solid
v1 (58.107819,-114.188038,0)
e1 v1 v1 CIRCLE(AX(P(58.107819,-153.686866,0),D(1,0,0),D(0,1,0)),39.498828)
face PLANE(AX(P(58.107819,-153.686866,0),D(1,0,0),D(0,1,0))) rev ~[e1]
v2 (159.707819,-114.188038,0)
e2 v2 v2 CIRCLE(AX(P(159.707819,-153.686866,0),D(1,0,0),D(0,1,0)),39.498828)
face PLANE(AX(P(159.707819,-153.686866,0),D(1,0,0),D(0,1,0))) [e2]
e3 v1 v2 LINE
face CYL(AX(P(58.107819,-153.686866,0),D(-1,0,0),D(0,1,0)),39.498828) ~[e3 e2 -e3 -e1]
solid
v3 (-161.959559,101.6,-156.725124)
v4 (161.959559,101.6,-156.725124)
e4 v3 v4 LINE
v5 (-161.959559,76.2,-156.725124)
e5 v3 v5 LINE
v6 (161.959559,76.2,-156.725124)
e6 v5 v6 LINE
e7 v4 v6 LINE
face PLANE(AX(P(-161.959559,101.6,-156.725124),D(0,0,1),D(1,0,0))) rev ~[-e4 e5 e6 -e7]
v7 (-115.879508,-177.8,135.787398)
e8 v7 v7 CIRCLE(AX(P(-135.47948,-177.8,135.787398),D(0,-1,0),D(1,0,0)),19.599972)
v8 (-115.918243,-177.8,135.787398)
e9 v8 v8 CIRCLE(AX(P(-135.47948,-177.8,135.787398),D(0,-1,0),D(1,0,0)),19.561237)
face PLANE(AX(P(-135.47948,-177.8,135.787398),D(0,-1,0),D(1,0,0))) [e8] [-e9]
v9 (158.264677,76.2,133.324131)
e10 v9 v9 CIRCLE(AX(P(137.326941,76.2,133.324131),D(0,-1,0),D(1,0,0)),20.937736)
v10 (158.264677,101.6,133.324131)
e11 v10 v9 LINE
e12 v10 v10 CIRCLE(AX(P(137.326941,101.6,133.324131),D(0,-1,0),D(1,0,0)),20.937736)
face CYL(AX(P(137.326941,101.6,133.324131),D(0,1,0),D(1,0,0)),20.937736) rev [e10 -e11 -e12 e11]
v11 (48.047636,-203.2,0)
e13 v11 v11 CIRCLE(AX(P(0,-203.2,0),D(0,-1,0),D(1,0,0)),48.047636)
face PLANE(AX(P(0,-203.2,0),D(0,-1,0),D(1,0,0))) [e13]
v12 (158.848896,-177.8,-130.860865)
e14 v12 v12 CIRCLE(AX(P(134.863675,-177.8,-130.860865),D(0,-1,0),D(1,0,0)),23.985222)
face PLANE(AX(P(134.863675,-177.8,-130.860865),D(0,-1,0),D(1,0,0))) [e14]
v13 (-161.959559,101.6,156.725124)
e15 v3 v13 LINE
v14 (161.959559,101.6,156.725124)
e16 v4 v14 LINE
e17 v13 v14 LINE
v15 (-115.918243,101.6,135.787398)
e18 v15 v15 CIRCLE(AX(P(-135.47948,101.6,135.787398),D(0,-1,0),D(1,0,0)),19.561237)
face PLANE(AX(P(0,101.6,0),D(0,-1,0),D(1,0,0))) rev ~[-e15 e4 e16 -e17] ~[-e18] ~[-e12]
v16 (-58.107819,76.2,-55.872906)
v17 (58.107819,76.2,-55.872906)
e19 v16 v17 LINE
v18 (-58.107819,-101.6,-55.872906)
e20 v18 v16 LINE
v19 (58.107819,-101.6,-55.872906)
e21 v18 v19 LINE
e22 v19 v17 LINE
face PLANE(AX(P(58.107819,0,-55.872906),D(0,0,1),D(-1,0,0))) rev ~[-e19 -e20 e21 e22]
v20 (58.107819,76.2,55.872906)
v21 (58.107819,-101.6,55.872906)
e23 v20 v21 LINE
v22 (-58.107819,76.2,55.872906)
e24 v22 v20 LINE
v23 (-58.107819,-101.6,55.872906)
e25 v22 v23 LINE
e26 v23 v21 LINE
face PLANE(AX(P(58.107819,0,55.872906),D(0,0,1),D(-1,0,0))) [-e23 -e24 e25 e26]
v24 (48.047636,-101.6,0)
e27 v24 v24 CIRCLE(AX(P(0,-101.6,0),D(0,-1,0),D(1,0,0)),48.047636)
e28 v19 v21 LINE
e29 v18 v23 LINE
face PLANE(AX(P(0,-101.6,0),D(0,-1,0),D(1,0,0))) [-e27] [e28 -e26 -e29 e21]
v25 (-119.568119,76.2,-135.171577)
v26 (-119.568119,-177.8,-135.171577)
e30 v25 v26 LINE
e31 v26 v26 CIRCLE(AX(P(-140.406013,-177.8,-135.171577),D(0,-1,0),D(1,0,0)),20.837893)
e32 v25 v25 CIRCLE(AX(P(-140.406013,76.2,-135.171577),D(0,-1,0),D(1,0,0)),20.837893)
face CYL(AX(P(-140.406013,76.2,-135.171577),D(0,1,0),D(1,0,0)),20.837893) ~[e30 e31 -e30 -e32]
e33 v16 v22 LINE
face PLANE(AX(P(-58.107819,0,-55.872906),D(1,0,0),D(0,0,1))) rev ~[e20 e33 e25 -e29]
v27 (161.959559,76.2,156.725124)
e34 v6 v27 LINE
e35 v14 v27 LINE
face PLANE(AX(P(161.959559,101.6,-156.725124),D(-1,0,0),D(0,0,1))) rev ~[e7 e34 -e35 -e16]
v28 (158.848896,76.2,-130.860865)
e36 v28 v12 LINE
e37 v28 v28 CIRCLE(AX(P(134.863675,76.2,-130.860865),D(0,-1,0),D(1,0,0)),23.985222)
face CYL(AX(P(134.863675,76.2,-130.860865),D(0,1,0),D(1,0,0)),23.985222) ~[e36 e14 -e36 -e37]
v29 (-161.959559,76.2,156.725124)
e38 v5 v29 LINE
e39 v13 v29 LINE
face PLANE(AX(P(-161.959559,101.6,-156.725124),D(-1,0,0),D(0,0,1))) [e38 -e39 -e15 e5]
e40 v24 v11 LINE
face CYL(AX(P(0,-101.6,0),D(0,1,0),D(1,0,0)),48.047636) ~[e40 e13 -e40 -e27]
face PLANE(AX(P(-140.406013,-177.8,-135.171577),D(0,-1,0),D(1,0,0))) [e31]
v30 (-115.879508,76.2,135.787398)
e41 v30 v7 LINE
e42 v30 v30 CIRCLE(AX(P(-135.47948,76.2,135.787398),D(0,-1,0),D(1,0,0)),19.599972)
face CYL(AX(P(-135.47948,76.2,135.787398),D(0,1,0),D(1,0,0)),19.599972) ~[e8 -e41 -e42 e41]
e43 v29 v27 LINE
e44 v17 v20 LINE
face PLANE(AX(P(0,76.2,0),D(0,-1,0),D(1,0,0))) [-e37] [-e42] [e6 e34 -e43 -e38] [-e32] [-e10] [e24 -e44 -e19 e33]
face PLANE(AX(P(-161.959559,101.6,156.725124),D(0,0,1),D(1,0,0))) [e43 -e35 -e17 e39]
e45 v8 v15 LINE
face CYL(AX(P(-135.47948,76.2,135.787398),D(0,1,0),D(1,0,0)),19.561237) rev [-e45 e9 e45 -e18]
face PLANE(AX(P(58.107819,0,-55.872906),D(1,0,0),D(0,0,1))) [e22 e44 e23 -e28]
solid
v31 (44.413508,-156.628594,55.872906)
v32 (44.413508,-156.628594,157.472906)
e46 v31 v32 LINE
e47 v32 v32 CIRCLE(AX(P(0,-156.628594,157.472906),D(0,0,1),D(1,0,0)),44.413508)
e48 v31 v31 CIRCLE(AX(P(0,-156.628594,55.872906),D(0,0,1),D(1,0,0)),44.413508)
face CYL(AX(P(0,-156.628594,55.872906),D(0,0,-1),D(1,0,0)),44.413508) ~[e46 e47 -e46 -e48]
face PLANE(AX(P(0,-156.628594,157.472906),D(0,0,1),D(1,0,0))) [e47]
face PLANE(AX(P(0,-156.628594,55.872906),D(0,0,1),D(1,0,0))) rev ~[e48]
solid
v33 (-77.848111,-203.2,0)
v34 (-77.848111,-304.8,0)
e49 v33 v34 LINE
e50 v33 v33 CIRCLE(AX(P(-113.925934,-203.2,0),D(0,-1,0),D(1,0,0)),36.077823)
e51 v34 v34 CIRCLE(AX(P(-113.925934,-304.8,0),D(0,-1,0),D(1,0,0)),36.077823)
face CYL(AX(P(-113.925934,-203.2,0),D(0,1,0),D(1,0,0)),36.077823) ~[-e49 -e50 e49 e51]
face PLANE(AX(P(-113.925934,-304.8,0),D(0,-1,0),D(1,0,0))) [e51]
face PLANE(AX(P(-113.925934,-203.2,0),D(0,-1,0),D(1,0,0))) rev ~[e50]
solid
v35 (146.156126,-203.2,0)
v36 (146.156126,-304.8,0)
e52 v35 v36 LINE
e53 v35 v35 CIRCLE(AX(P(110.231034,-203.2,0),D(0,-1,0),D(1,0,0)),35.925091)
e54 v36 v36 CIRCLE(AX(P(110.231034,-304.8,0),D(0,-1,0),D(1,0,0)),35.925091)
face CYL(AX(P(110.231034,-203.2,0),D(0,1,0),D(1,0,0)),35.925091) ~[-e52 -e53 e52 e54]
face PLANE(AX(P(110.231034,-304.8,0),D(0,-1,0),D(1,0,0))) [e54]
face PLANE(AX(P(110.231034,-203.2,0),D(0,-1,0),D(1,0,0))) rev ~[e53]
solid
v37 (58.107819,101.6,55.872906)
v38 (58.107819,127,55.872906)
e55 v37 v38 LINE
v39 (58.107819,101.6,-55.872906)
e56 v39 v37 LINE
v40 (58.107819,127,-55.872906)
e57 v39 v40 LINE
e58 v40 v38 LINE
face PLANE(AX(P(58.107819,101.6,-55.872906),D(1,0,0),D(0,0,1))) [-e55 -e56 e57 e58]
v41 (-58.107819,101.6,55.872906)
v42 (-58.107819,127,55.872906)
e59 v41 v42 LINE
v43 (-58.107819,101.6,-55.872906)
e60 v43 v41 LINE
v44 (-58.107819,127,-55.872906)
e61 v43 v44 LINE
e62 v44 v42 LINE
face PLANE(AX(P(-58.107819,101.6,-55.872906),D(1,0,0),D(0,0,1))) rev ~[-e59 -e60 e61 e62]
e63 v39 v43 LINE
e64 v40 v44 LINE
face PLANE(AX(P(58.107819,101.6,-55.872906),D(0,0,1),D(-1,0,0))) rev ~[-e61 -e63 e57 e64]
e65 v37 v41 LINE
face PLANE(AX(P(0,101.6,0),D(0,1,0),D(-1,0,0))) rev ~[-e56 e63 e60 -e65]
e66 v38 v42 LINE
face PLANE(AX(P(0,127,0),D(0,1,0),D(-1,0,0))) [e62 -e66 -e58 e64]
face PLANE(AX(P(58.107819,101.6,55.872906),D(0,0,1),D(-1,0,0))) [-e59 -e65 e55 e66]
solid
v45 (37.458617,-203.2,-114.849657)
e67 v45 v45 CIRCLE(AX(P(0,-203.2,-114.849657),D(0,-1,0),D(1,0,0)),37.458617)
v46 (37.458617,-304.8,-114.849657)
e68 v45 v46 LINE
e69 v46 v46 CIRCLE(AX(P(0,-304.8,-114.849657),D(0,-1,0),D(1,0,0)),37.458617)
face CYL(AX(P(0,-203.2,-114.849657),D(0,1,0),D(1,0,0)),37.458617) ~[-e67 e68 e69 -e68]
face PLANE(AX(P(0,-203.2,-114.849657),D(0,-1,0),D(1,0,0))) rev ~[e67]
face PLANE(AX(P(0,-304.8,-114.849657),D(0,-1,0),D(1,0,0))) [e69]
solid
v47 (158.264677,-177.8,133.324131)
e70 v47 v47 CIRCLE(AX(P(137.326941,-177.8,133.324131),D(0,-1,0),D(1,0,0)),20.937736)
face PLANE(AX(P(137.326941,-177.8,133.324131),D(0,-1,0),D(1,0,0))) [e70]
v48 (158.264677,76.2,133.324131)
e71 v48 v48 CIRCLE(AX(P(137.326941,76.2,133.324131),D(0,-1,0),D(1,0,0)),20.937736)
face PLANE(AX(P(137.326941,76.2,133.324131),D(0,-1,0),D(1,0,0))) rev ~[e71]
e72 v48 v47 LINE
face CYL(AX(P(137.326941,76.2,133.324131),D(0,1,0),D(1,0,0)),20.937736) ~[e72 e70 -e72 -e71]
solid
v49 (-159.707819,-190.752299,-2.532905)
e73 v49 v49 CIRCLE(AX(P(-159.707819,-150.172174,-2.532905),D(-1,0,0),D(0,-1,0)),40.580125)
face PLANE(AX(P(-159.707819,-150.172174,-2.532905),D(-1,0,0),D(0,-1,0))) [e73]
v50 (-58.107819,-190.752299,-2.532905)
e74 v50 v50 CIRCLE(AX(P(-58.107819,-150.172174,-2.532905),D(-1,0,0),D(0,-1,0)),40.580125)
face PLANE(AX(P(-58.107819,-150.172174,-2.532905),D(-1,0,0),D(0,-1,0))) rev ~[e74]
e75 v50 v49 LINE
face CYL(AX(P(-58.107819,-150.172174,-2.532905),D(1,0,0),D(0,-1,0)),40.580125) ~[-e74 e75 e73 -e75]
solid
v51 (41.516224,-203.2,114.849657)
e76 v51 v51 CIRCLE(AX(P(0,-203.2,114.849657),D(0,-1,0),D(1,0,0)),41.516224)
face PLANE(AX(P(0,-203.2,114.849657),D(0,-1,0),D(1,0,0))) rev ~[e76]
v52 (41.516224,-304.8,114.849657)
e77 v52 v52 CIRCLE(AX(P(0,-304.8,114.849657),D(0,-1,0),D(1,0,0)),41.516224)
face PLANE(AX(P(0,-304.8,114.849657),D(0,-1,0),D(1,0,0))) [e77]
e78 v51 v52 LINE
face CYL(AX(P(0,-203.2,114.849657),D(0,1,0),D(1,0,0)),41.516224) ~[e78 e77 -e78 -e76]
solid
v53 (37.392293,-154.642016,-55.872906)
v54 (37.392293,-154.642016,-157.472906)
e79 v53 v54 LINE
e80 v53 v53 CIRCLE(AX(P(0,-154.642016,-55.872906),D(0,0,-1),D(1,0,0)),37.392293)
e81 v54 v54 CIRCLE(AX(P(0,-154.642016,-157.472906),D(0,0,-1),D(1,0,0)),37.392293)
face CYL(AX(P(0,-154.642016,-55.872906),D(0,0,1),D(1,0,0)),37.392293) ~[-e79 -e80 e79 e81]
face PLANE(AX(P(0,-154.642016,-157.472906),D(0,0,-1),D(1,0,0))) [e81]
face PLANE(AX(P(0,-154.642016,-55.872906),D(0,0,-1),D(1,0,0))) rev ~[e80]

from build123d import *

# Parameters (mm, degrees)
F0_W      = 117.4075901508
F0_H      = 118.3015704155
F1_DEPTH  = 50.8
F2_R      = 46.9095853599
F3_DEPTH  = 50.8
F4_R      = 42.2632293301
F5_DEPTH  = 50.8
F7_W      = 54.8299401999
F7_H      = 113.5337427258
F8_DEPTH  = 50.8
F9_W      = 50.8
F9_H      = 113.5337427258
F10_DEPTH = 25.4
F12_W     = 116.2156388164
F12_H     = 111.7458119988
F14_DEPTH = 101.6
F13_R     = 40.0617685755
F15_DEPTH = 25.4
F16_R     = 48.047636449
F17_DEPTH = 101.6
F18_R     = 40.5801251775
F19_DEPTH = 101.6
F20_R     = 44.4135078244
F21_DEPTH = 101.6
F22_R     = 39.4988279677
F23_DEPTH = 101.6
F24_R     = 37.3922925892
F25_DEPTH = 101.6
F26_W     = 116.2156388164
F26_H     = 111.7458119988
F27_DEPTH = 101.6
F28_R     = 41.516224002
F29_DEPTH = 101.6
F30_R     = 36.077822792
F31_DEPTH = 101.6
F32_R     = 35.9250910759
F33_DEPTH = 101.6
F34_R     = 37.458616669
F35_DEPTH = 101.6
F36_W     = 323.9191174507
F36_H     = 313.4502470493
F36_W_2   = 116.2156388164
F36_H_2   = 111.7458119988
F37_DEPTH = 25.4
F38_W     = 116.2156388164
F38_H     = 111.7458119988
F39_DEPTH = 25.4
F40_R     = 19.5612370556
F41_DEPTH = 254
F42_W     = 323.9191174507
F42_H     = 313.4502470493
F42_W_2   = 116.2156388164
F42_H_2   = 111.7458119988
F42_R     = 19.5612370556
F42_R_2   = 20.9377364201
F44_DEPTH = 25.4
F45_R     = 19.599971861
F45_R_2   = 19.5612370556
F46_DEPTH = 254
F47_R     = 20.9377364201
F48_DEPTH = 254
F49_R     = 20.8378932338
F50_DEPTH = 254
F51_R     = 23.9852216025
F52_DEPTH = 254


with BuildPart() as f1:
    # F0 (on Front) → F1 (new body)
    with BuildSketch(Plane.XZ):
        Rectangle(F0_W, F0_H)
    extrude(amount=F1_DEPTH)

    # F2 (on face) → F3 (join)
    with BuildSketch(Plane(origin=(0, 0, 0), x_dir=(-1, 0, 0), z_dir=(0, 1, 0))):
        Circle(F2_R)
    extrude(amount=-F3_DEPTH)

    # F4 (on face) → F5 (join)
    with BuildSketch(Plane.XZ.offset(50.8)):
        Circle(F4_R)
    extrude(amount=F5_DEPTH)


with BuildPart() as f8:
    # F7 (on Front) → F8 (new body)
    with BuildSketch(Plane.XZ):
        Rectangle(F7_W, F7_H)
    extrude(amount=F8_DEPTH)

    # F9 (on face) → F10 (join)
    with BuildSketch(Plane.YZ.offset(27.4149700999)):
        with Locations((-25.4, 0)):
            Rectangle(F9_W, F9_H)
    extrude(amount=F10_DEPTH)


with BuildPart() as f14:
    # F12 (on Front) → F14 (new body)
    with BuildSketch(Plane.XZ):
        Rectangle(F12_W, F12_H)
    extrude(amount=F14_DEPTH)

    # F13 (on face) → F15 (join)
    with BuildSketch(Plane.XZ):
        Circle(F13_R)
    extrude(amount=F15_DEPTH)

    # F16 (on face) → F17 (join)
    with BuildSketch(Plane.XZ.offset(101.6)):
        Circle(F16_R)
    extrude(amount=F17_DEPTH)

    # F26 (on face) → F27 (join)
    with BuildSketch(Plane(origin=(0, 0, 0), x_dir=(-1, 0, 0), z_dir=(0, 1, 0))):
        Rectangle(F26_W, F26_H)
    extrude(amount=F27_DEPTH)

    # F42 (on face) → F44 (join)
    with BuildSketch(Plane.XZ.offset(-101.6)):
        Rectangle(F42_W, F42_H)
        Rectangle(F42_W_2, F42_H_2, mode=Mode.SUBTRACT)
        with Locations((-135.4794800282, 135.7873976231)):
            Circle(F42_R, mode=Mode.SUBTRACT)
        with Locations((137.3269408941, 133.3241313696)):
            Circle(F42_R_2, mode=Mode.SUBTRACT)
    extrude(amount=F44_DEPTH)

    # F45 (on face) → F46 (join)
    with BuildSketch(Plane.XZ.offset(-76.2)):
        with Locations((-135.4794800282, 135.7873976231)):
            Circle(F45_R)
        with Locations((-135.4794800282, 135.7873976231)):
            Circle(F45_R_2, mode=Mode.SUBTRACT)
    extrude(amount=F46_DEPTH)

    # F49 (on face) → F50 (join)
    with BuildSketch(Plane.XZ.offset(-76.2)):
        with Locations((-140.4060125351, -135.1715773344)):
            Circle(F49_R)
    extrude(amount=F50_DEPTH)

    # F51 (on face) → F52 (join)
    with BuildSketch(Plane.XZ.offset(-76.2)):
        with Locations((134.8636746407, -130.8608651161)):
            Circle(F51_R)
    extrude(amount=F52_DEPTH)


with BuildPart() as f19:
    # F18 (on face) → F19 (new body)
    with BuildSketch(Plane(origin=(-58.1078194082, 0, 0), x_dir=(0, -1, 0), z_dir=(-1, 0, 0))):
        with Locations((150.1721739769, -2.5329052005)):
            Circle(F18_R)
    extrude(amount=F19_DEPTH)


with BuildPart() as f21:
    # F20 (on face) → F21 (new body)
    with BuildSketch(Plane.XY.offset(55.8729059994)):
        with Locations((0, -156.6285938025)):
            Circle(F20_R)
    extrude(amount=F21_DEPTH)


with BuildPart() as f23:
    # F22 (on face) → F23 (new body)
    with BuildSketch(Plane.YZ.offset(58.1078194082)):
        with Locations((-153.6868661642, 0)):
            Circle(F22_R)
    extrude(amount=F23_DEPTH)


with BuildPart() as f25:
    # F24 (on face) → F25 (new body)
    with BuildSketch(Plane(origin=(0, 0, -55.8729059994), x_dir=(1, 0, 0), z_dir=(0, 0, -1))):
        with Locations((0, 154.6420156956)):
            Circle(F24_R)
    extrude(amount=F25_DEPTH)


with BuildPart() as f29:
    # F28 (on face) → F29 (new body)
    with BuildSketch(Plane.XZ.offset(203.2)):
        with Locations((0, 114.8496568203)):
            Circle(F28_R)
    extrude(amount=F29_DEPTH)


with BuildPart() as f31:
    # F30 (on face) → F31 (new body)
    with BuildSketch(Plane.XZ.offset(203.2)):
        with Locations((-113.9259338379, 0)):
            Circle(F30_R)
    extrude(amount=F31_DEPTH)


with BuildPart() as f33:
    # F32 (on face) → F33 (new body)
    with BuildSketch(Plane.XZ.offset(203.2)):
        with Locations((110.2310344577, 0)):
            Circle(F32_R)
    extrude(amount=F33_DEPTH)


with BuildPart() as f35:
    # F34 (on face) → F35 (new body)
    with BuildSketch(Plane.XZ.offset(203.2)):
        with Locations((0, -114.8496568203)):
            Circle(F34_R)
    extrude(amount=F35_DEPTH)


with BuildPart() as f37:
    # F36 (on face) → F37 (new body)
    with BuildSketch(Plane(origin=(0, 101.6, 0), x_dir=(-1, 0, 0), z_dir=(0, 1, 0))):
        Rectangle(F36_W, F36_H)
        Rectangle(F36_W_2, F36_H_2, mode=Mode.SUBTRACT)
    extrude(amount=F37_DEPTH)

    # F40 (on face) → F41 (join)
    with BuildSketch(Plane.XZ.offset(-101.6)):
        with Locations((-135.4794800282, 135.7873976231)):
            Circle(F40_R)
    extrude(amount=F41_DEPTH)


with BuildPart() as f39:
    # F38 (on face) → F39 (new body)
    with BuildSketch(Plane(origin=(0, 101.6, 0), x_dir=(-1, 0, 0), z_dir=(0, 1, 0))):
        Rectangle(F38_W, F38_H)
    extrude(amount=F39_DEPTH)


with BuildPart() as f48:
    # F47 (on face) → F48 (new body)
    with BuildSketch(Plane.XZ.offset(-76.2)):
        with Locations((137.3269408941, 133.3241313696)):
            Circle(F47_R)
    extrude(amount=F48_DEPTH)


solid = Compound([f14.part, f19.part, f21.part, f23.part, f25.part, f29.part, f31.part, f33.part, f35.part, f39.part, f48.part])
